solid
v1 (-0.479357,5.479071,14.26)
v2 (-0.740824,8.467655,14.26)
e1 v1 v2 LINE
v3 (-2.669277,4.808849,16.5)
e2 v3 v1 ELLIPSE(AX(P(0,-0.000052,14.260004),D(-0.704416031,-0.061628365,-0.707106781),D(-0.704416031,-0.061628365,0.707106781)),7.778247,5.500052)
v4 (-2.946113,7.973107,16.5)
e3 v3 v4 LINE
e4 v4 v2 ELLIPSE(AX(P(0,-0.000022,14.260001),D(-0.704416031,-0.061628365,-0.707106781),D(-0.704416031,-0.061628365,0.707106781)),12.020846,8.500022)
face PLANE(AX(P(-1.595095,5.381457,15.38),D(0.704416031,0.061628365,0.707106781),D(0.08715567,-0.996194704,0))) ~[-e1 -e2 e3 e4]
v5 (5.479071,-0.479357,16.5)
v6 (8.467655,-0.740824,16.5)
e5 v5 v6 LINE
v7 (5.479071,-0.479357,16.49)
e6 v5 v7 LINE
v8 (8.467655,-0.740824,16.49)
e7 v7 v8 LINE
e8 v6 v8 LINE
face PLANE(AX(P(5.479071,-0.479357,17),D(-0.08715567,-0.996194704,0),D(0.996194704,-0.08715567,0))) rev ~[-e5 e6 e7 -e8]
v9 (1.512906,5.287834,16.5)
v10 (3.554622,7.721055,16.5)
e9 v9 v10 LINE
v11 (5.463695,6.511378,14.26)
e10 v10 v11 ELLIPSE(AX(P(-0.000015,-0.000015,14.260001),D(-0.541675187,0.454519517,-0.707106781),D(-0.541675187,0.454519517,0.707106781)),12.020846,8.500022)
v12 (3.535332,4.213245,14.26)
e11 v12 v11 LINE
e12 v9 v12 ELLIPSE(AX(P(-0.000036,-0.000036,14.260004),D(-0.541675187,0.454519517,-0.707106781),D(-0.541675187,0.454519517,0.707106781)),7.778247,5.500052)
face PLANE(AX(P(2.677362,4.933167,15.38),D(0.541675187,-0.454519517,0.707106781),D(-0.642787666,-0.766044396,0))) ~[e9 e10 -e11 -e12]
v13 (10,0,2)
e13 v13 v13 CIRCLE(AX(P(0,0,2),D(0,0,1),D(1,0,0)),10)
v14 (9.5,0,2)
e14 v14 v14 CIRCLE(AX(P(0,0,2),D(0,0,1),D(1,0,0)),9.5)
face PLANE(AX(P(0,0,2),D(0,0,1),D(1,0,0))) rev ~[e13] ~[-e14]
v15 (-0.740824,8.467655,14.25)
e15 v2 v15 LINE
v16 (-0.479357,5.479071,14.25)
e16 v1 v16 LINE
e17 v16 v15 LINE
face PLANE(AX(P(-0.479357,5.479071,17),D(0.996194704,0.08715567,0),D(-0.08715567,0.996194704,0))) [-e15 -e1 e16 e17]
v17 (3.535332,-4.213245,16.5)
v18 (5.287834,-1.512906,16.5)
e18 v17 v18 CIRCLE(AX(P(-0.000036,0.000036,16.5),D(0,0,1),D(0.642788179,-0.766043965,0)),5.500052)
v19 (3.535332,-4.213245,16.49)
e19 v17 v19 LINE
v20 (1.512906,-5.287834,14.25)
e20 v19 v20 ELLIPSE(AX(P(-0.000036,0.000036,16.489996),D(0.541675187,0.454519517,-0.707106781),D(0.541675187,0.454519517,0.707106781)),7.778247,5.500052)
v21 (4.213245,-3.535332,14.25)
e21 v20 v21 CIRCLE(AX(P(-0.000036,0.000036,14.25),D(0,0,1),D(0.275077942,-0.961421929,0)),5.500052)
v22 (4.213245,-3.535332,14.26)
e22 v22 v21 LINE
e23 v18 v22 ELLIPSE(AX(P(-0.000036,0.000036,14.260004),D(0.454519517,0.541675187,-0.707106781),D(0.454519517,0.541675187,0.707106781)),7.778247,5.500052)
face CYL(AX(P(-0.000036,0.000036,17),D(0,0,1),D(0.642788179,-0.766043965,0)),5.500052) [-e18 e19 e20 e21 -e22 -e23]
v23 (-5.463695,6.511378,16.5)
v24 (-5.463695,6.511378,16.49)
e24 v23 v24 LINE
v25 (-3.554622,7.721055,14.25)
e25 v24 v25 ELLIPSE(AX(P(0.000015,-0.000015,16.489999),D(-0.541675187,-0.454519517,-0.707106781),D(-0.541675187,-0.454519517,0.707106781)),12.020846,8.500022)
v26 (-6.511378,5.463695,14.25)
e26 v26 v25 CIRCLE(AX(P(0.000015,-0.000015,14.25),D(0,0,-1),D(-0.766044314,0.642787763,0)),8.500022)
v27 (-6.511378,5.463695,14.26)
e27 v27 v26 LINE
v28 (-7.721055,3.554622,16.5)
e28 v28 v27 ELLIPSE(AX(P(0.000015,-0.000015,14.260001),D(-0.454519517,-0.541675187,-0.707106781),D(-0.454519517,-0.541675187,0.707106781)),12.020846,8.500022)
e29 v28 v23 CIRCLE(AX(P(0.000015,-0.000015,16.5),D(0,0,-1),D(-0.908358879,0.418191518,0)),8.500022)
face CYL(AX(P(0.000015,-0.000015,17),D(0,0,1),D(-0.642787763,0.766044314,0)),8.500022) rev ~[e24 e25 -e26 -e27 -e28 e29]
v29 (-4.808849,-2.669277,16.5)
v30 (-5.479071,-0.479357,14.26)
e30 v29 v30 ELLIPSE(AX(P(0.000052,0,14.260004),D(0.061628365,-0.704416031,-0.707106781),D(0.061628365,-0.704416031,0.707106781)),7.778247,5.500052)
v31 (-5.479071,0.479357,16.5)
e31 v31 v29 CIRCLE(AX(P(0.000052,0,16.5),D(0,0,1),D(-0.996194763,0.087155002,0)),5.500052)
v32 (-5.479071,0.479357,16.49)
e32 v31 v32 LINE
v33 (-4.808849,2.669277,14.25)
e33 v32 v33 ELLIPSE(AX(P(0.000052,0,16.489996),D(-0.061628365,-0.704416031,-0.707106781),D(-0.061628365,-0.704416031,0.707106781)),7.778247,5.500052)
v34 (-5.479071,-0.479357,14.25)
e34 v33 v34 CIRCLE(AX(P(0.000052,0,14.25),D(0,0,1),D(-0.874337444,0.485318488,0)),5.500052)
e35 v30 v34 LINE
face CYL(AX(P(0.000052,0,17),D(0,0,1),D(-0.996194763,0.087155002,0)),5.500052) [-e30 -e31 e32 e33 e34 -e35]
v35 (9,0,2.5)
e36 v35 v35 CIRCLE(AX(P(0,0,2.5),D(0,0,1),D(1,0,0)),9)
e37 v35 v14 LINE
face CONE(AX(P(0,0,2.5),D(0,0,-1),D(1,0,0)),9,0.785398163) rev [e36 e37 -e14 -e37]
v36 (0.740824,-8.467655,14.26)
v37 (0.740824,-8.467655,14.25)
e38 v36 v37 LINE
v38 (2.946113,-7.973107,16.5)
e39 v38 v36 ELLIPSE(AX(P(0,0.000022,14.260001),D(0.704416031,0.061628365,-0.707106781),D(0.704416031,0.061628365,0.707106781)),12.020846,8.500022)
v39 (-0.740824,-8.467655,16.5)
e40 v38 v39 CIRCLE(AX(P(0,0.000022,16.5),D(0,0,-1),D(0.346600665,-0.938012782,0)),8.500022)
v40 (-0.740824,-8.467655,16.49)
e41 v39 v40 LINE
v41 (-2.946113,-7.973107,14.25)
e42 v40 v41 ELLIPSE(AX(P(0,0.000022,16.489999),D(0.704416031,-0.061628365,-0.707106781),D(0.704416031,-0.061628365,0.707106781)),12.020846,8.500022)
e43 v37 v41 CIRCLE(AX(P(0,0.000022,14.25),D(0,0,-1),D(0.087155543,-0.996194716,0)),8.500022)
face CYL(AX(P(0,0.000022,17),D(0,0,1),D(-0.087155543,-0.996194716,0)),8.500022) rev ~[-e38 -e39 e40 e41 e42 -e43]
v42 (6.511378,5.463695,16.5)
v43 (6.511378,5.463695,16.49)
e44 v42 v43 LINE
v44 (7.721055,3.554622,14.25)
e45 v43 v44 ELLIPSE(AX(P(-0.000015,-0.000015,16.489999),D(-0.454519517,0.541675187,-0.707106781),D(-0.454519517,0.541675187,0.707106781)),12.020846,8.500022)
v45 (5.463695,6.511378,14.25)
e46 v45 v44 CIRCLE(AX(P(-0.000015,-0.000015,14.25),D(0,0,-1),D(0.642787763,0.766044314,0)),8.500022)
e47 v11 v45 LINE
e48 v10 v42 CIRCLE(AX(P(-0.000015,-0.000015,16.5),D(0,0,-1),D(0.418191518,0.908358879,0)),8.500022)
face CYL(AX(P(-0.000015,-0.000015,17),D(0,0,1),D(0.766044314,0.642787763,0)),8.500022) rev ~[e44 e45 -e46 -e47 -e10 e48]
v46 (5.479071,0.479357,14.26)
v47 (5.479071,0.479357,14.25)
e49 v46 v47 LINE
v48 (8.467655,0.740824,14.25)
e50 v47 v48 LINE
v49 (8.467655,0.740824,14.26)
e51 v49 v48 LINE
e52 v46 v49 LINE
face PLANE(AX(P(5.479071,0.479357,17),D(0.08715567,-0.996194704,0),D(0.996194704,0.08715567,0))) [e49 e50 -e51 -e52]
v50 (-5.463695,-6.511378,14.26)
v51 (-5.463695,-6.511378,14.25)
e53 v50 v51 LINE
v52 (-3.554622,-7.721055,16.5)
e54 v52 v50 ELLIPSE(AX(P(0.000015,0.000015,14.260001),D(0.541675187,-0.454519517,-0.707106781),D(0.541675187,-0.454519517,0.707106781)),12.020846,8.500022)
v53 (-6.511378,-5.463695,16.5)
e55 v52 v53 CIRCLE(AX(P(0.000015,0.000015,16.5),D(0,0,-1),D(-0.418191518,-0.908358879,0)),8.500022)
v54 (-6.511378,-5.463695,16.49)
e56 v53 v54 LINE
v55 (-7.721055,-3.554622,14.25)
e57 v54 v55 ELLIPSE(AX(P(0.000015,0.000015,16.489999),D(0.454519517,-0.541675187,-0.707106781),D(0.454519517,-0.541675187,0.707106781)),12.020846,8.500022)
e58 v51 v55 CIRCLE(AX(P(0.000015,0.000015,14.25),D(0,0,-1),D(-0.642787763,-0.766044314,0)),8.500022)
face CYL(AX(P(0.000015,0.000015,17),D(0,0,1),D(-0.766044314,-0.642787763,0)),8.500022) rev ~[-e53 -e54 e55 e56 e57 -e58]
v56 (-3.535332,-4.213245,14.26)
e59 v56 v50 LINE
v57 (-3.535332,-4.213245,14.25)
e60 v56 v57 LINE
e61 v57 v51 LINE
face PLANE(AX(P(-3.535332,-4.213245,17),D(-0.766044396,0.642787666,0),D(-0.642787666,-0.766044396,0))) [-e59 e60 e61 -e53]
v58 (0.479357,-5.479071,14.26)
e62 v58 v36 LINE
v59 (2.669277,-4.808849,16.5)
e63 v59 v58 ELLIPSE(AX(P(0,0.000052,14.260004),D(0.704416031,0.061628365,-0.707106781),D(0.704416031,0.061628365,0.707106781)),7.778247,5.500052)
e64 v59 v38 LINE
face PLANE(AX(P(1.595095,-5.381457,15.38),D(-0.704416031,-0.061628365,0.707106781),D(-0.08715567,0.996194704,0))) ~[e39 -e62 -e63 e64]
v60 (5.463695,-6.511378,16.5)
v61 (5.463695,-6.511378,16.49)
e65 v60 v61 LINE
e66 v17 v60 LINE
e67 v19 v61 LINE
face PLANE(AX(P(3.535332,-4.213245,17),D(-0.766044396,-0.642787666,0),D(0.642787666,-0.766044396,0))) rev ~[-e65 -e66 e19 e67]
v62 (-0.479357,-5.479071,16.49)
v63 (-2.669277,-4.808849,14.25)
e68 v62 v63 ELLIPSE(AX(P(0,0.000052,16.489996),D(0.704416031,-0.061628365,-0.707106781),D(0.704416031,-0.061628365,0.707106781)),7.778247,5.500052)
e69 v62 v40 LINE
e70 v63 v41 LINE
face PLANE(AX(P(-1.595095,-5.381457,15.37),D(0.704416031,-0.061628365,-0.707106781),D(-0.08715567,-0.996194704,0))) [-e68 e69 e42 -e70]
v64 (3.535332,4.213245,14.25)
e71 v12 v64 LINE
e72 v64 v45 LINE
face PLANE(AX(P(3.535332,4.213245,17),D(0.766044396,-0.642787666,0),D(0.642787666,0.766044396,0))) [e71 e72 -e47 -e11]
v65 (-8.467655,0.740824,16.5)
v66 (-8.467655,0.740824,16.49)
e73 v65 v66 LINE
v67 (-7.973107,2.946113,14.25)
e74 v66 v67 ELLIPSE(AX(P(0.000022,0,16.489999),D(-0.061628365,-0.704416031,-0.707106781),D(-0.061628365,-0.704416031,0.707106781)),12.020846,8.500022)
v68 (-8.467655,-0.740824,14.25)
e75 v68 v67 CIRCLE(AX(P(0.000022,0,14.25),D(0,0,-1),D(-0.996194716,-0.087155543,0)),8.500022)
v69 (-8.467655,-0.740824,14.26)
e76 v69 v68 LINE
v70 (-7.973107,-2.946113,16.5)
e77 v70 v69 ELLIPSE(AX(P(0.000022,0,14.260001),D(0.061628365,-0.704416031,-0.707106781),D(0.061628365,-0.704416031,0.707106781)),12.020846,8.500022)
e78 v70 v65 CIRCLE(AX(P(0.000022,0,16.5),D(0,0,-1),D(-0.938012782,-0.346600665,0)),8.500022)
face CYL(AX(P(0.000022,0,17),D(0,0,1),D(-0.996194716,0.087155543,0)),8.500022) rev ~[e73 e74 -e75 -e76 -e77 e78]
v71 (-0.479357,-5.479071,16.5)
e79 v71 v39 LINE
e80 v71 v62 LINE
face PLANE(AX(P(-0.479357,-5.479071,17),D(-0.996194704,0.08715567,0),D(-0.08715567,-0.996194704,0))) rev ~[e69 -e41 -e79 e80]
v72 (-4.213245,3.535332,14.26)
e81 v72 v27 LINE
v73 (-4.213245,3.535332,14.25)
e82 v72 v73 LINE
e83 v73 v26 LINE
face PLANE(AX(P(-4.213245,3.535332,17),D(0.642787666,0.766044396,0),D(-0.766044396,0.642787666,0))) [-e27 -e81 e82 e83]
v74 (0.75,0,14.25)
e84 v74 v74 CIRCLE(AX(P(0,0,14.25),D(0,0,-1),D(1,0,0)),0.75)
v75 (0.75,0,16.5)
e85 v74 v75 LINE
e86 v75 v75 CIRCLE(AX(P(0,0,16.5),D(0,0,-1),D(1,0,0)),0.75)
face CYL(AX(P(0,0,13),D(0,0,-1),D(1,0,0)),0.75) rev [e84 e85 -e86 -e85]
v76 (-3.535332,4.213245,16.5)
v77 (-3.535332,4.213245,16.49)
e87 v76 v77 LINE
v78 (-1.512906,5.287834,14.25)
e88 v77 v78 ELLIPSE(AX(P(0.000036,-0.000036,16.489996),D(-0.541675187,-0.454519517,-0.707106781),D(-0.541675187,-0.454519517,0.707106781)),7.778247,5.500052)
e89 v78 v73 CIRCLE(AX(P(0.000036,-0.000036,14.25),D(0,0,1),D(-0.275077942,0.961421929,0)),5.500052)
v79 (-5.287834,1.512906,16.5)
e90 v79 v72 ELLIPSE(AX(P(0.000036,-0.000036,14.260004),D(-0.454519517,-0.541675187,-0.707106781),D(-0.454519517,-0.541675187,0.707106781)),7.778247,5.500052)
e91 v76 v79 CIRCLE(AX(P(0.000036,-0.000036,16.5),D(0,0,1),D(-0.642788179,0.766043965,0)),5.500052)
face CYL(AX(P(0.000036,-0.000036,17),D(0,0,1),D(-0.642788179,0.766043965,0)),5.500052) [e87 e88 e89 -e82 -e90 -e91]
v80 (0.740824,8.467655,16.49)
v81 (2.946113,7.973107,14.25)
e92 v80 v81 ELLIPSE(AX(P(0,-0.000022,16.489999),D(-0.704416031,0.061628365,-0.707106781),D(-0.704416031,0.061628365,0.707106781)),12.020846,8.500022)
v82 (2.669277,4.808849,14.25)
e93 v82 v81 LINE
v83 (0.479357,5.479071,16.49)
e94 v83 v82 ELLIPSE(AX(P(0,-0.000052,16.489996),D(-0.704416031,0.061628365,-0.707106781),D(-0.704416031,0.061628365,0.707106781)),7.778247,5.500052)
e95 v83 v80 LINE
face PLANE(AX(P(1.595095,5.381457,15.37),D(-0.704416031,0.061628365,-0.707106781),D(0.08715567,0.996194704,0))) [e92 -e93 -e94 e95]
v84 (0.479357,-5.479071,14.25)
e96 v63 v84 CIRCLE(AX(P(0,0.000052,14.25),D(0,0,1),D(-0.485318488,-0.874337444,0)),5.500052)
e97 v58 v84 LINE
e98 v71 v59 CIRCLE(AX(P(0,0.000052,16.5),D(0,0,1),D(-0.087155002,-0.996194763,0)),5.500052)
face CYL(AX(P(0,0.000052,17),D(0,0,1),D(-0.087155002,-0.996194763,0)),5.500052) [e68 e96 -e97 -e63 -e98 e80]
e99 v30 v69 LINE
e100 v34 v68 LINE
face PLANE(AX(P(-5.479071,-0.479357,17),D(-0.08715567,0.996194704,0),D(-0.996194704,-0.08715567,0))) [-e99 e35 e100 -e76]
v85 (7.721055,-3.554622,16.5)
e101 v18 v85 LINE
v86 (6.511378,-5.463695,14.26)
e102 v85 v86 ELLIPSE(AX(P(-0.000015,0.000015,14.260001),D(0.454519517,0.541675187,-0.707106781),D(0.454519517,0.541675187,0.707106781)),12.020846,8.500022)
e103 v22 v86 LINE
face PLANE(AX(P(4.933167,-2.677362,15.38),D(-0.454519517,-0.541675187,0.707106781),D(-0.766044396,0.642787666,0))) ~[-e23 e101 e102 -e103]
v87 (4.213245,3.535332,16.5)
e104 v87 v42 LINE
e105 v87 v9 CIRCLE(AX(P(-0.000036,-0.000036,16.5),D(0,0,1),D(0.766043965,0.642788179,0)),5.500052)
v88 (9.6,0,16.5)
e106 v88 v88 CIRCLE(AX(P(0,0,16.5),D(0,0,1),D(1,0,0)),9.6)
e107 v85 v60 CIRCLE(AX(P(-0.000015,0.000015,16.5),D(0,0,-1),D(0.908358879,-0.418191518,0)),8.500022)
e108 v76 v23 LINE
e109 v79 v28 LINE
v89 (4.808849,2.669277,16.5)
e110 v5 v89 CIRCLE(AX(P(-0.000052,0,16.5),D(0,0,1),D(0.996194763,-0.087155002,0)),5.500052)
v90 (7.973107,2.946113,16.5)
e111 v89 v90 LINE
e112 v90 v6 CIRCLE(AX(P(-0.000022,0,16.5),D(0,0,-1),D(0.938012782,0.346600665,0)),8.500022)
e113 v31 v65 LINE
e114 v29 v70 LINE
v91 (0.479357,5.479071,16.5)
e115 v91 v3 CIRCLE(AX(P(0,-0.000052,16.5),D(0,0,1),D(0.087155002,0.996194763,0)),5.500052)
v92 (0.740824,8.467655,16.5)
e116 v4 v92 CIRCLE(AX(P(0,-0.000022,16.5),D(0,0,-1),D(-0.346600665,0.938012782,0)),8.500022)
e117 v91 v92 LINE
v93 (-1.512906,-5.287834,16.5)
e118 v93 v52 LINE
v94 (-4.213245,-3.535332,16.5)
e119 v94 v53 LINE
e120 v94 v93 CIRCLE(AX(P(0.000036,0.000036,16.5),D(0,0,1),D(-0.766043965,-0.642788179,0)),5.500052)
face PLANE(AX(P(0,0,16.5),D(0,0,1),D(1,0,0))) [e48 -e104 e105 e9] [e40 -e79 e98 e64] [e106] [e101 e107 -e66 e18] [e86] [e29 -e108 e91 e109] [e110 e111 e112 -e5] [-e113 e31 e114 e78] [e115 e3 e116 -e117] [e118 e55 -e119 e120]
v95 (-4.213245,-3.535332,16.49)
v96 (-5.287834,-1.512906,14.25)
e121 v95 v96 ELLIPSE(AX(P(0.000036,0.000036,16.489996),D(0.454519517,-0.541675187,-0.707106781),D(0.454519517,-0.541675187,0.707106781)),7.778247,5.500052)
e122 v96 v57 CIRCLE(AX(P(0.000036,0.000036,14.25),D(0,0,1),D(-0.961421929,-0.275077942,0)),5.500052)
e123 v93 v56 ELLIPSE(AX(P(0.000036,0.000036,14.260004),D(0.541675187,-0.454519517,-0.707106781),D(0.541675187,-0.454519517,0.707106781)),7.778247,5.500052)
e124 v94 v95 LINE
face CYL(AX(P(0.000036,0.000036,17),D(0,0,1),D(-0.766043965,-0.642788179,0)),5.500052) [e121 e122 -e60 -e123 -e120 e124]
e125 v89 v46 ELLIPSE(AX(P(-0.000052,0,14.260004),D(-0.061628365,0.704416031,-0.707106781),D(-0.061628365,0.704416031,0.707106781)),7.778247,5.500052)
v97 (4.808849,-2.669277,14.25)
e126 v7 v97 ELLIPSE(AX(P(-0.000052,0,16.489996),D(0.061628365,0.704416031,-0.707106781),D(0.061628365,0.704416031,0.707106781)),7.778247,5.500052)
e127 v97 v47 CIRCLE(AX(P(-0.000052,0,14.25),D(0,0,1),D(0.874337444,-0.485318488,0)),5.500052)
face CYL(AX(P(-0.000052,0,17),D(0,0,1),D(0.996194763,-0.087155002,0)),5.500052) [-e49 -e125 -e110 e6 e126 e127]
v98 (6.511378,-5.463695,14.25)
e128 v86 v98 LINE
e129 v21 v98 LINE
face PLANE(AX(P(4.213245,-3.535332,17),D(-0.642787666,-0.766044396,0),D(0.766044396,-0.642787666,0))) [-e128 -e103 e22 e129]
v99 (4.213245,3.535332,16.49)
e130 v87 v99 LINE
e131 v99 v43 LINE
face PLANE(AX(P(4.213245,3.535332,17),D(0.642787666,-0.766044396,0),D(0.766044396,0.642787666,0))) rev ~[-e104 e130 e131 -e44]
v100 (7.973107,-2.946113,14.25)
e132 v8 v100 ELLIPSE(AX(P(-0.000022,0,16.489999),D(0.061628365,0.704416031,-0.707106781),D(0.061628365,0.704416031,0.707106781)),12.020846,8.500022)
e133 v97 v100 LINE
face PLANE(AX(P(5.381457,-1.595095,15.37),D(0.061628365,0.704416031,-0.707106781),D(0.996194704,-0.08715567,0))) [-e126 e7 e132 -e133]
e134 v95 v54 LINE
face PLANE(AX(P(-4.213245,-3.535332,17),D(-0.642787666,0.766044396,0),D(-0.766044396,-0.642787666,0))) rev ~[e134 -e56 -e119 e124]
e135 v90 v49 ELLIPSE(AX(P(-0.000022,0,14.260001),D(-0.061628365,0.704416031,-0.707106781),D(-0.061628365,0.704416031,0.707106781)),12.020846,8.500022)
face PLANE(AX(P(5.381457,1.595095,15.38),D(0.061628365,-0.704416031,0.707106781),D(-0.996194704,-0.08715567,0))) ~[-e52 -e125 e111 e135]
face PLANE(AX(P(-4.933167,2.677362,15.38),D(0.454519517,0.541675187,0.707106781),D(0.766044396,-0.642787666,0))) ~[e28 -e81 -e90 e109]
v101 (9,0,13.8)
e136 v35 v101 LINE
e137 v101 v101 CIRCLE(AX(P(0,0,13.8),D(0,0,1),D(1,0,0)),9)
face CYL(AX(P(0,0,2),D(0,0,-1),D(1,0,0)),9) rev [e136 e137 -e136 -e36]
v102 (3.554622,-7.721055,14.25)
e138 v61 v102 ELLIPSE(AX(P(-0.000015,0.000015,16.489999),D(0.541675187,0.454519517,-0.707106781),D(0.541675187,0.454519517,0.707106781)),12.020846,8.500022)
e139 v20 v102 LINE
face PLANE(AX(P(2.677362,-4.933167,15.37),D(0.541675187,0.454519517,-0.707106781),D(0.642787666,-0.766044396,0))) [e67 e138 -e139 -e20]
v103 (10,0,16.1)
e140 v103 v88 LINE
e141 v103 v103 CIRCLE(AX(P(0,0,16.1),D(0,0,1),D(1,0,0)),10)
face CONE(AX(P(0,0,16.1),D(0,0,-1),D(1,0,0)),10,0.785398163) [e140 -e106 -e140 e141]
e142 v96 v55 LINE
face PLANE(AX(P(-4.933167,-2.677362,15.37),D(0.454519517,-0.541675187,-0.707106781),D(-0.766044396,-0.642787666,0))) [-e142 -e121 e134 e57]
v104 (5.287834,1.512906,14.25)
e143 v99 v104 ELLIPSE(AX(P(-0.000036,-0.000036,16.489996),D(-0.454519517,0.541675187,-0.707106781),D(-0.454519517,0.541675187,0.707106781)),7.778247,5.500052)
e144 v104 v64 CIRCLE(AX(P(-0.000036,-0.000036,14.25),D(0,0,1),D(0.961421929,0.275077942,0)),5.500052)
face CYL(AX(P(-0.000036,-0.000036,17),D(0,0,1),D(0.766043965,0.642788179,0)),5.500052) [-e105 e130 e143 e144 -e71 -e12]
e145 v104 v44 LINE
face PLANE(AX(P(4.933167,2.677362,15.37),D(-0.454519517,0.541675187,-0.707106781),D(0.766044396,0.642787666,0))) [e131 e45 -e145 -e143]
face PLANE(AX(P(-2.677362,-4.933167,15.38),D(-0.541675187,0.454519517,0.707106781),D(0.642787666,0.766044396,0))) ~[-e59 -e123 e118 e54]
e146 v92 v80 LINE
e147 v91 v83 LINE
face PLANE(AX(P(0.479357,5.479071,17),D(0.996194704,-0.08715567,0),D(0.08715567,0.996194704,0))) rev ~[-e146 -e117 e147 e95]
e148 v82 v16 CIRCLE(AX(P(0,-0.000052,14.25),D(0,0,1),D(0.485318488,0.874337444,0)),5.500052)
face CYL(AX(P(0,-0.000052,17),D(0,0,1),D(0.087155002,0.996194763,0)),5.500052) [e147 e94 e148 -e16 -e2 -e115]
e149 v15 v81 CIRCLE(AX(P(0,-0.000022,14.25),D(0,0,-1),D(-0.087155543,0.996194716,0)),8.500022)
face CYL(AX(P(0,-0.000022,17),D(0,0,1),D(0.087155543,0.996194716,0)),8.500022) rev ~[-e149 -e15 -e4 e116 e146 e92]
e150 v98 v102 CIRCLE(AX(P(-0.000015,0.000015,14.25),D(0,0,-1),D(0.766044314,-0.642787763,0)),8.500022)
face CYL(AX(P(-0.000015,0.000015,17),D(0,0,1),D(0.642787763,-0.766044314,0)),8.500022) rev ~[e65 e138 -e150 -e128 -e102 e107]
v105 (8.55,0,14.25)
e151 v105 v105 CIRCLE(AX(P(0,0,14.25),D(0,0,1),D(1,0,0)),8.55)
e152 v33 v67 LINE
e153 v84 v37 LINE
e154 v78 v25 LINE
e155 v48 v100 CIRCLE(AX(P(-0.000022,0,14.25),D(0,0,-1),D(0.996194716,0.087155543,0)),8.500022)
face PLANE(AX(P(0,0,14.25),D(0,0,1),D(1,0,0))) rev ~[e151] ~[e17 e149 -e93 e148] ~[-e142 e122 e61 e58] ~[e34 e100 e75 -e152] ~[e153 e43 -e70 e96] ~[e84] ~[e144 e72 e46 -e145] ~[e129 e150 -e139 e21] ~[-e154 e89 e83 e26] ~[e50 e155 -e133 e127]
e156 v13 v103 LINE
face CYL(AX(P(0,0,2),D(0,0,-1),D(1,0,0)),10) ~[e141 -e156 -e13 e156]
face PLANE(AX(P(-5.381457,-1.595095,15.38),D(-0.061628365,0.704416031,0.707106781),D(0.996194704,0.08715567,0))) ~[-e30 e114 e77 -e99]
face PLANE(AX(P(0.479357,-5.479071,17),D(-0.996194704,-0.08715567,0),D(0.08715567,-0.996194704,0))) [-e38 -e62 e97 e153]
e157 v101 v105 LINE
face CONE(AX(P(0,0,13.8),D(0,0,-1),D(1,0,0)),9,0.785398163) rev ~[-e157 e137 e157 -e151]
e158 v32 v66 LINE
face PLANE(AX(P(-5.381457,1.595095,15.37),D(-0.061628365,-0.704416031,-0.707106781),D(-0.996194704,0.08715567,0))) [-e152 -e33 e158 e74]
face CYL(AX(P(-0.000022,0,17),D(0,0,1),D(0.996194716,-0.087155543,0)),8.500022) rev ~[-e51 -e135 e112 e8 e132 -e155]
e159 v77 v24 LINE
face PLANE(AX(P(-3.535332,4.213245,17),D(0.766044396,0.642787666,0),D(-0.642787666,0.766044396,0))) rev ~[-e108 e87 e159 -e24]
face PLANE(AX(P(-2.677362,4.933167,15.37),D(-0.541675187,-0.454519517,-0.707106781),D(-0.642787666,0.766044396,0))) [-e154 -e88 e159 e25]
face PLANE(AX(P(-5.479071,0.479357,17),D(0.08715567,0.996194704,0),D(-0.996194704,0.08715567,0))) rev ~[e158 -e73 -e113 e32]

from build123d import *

# Parameters (mm, degrees)
SKETCH011_R           = 10
PAD007_DEPTH          = 14.5
CHAMFER008_SIZE       = 0.4
SKETCH012_R           = 0.75
POCKET_DEPTH          = 3.501
SKETCH013_R           = 9
POCKET001_DEPTH       = 12.25
POCKET002_DEPTH       = 78.56986
POLARPATTERN002_COUNT = 8
CHAMFER004014008_SIZE = 2.24
CHAMFER004014009_SIZE = 0.5
CHAMFER004014010_SIZE = 0.45


with BuildPart() as part:
    # Sketch011 (on DatumPlane) → Pad007 (new body)
    with BuildSketch(Plane.XY):
        Circle(SKETCH011_R)
    extrude(amount=PAD007_DEPTH)

    # Chamfer008
    chamfer008_edges = [part.edges().sort_by_distance(p)[0] for p in [
        (-10, 0, 14.5),
    ]]
    chamfer(chamfer008_edges, length=CHAMFER008_SIZE)

    # Sketch012 (on DatumPlane) → Pocket (cut, through all)
    with BuildSketch(Plane.XY.offset(11)):
        Circle(SKETCH012_R)
    extrude(amount=POCKET_DEPTH, mode=Mode.SUBTRACT)

    # Sketch013 (on DatumPlane) → Pocket001 (cut)
    with BuildSketch(Plane.XY):
        Circle(SKETCH013_R)
    extrude(amount=POCKET001_DEPTH, mode=Mode.SUBTRACT)

    # Sketch019 (on DatumPlane) → Pocket002 (cut, through all)
    with BuildSketch(Plane.XY.offset(15)):
        with BuildLine():
            ThreePointArc((8.467655, -0.740824), (8.5, 0), (8.467655, 0.740824))
            Line((5.479071, 0.479357), (8.467655, 0.740824))
            ThreePointArc((5.479071, -0.479357), (5.5, 0), (5.479071, 0.479357))
            Line((5.479071, -0.479357), (8.467655, -0.740824))
        make_face()
    pocket002 = extrude(amount=-POCKET002_DEPTH, mode=Mode.SUBTRACT)

    # PolarPattern002: Pocket002 ×8 about axis
    polarpattern002_axis = Axis((0, 0, 15), (0, 0, 1))
    for i in range(1, POLARPATTERN002_COUNT):
        add(pocket002.rotate(polarpattern002_axis, i * 360 / POLARPATTERN002_COUNT), mode=Mode.SUBTRACT)

    # Chamfer004014008
    chamfer004014008_edges = [part.edges().sort_by_distance(p)[0] for p in [
        (-5.362311, -4.499513, 12.25),
        (-6.973363, 0.61009, 12.25),
        (-4.499513, 5.362311, 12.25),
        (0.61009, 6.973363, 12.25),
        (5.362311, 4.499513, 12.25),
        (6.973363, -0.61009, 12.25),
        (4.499513, -5.362311, 12.25),
        (-0.61009, -6.973363, 12.25),
        (-6.973363, -0.61009, 14.5),
        (-5.362311, 4.499513, 14.5),
        (-0.61009, 6.973363, 14.5),
        (4.499513, 5.362311, 14.5),
        (6.973363, 0.61009, 14.5),
        (5.362311, -4.499513, 14.5),
        (0.61009, -6.973363, 14.5),
        (-4.499513, -5.362311, 14.5),
    ]]
    chamfer(chamfer004014008_edges, length=CHAMFER004014008_SIZE)

    # Chamfer004014009
    chamfer004014009_edges = [part.edges().sort_by_distance(p)[0] for p in [
        (-9, 0, 0),
    ]]
    chamfer(chamfer004014009_edges, length=CHAMFER004014009_SIZE)

    # Chamfer004014010
    chamfer004014010_edges = [part.edges().sort_by_distance(p)[0] for p in [
        (-9, 0, 12.25),
    ]]
    chamfer(chamfer004014010_edges, length=CHAMFER004014010_SIZE)


with BuildPart() as part_1:
    # Body002002003003 placement: moved
    add(part.part.moved(Location((0, 0, 2))))


solid = part_1.part
